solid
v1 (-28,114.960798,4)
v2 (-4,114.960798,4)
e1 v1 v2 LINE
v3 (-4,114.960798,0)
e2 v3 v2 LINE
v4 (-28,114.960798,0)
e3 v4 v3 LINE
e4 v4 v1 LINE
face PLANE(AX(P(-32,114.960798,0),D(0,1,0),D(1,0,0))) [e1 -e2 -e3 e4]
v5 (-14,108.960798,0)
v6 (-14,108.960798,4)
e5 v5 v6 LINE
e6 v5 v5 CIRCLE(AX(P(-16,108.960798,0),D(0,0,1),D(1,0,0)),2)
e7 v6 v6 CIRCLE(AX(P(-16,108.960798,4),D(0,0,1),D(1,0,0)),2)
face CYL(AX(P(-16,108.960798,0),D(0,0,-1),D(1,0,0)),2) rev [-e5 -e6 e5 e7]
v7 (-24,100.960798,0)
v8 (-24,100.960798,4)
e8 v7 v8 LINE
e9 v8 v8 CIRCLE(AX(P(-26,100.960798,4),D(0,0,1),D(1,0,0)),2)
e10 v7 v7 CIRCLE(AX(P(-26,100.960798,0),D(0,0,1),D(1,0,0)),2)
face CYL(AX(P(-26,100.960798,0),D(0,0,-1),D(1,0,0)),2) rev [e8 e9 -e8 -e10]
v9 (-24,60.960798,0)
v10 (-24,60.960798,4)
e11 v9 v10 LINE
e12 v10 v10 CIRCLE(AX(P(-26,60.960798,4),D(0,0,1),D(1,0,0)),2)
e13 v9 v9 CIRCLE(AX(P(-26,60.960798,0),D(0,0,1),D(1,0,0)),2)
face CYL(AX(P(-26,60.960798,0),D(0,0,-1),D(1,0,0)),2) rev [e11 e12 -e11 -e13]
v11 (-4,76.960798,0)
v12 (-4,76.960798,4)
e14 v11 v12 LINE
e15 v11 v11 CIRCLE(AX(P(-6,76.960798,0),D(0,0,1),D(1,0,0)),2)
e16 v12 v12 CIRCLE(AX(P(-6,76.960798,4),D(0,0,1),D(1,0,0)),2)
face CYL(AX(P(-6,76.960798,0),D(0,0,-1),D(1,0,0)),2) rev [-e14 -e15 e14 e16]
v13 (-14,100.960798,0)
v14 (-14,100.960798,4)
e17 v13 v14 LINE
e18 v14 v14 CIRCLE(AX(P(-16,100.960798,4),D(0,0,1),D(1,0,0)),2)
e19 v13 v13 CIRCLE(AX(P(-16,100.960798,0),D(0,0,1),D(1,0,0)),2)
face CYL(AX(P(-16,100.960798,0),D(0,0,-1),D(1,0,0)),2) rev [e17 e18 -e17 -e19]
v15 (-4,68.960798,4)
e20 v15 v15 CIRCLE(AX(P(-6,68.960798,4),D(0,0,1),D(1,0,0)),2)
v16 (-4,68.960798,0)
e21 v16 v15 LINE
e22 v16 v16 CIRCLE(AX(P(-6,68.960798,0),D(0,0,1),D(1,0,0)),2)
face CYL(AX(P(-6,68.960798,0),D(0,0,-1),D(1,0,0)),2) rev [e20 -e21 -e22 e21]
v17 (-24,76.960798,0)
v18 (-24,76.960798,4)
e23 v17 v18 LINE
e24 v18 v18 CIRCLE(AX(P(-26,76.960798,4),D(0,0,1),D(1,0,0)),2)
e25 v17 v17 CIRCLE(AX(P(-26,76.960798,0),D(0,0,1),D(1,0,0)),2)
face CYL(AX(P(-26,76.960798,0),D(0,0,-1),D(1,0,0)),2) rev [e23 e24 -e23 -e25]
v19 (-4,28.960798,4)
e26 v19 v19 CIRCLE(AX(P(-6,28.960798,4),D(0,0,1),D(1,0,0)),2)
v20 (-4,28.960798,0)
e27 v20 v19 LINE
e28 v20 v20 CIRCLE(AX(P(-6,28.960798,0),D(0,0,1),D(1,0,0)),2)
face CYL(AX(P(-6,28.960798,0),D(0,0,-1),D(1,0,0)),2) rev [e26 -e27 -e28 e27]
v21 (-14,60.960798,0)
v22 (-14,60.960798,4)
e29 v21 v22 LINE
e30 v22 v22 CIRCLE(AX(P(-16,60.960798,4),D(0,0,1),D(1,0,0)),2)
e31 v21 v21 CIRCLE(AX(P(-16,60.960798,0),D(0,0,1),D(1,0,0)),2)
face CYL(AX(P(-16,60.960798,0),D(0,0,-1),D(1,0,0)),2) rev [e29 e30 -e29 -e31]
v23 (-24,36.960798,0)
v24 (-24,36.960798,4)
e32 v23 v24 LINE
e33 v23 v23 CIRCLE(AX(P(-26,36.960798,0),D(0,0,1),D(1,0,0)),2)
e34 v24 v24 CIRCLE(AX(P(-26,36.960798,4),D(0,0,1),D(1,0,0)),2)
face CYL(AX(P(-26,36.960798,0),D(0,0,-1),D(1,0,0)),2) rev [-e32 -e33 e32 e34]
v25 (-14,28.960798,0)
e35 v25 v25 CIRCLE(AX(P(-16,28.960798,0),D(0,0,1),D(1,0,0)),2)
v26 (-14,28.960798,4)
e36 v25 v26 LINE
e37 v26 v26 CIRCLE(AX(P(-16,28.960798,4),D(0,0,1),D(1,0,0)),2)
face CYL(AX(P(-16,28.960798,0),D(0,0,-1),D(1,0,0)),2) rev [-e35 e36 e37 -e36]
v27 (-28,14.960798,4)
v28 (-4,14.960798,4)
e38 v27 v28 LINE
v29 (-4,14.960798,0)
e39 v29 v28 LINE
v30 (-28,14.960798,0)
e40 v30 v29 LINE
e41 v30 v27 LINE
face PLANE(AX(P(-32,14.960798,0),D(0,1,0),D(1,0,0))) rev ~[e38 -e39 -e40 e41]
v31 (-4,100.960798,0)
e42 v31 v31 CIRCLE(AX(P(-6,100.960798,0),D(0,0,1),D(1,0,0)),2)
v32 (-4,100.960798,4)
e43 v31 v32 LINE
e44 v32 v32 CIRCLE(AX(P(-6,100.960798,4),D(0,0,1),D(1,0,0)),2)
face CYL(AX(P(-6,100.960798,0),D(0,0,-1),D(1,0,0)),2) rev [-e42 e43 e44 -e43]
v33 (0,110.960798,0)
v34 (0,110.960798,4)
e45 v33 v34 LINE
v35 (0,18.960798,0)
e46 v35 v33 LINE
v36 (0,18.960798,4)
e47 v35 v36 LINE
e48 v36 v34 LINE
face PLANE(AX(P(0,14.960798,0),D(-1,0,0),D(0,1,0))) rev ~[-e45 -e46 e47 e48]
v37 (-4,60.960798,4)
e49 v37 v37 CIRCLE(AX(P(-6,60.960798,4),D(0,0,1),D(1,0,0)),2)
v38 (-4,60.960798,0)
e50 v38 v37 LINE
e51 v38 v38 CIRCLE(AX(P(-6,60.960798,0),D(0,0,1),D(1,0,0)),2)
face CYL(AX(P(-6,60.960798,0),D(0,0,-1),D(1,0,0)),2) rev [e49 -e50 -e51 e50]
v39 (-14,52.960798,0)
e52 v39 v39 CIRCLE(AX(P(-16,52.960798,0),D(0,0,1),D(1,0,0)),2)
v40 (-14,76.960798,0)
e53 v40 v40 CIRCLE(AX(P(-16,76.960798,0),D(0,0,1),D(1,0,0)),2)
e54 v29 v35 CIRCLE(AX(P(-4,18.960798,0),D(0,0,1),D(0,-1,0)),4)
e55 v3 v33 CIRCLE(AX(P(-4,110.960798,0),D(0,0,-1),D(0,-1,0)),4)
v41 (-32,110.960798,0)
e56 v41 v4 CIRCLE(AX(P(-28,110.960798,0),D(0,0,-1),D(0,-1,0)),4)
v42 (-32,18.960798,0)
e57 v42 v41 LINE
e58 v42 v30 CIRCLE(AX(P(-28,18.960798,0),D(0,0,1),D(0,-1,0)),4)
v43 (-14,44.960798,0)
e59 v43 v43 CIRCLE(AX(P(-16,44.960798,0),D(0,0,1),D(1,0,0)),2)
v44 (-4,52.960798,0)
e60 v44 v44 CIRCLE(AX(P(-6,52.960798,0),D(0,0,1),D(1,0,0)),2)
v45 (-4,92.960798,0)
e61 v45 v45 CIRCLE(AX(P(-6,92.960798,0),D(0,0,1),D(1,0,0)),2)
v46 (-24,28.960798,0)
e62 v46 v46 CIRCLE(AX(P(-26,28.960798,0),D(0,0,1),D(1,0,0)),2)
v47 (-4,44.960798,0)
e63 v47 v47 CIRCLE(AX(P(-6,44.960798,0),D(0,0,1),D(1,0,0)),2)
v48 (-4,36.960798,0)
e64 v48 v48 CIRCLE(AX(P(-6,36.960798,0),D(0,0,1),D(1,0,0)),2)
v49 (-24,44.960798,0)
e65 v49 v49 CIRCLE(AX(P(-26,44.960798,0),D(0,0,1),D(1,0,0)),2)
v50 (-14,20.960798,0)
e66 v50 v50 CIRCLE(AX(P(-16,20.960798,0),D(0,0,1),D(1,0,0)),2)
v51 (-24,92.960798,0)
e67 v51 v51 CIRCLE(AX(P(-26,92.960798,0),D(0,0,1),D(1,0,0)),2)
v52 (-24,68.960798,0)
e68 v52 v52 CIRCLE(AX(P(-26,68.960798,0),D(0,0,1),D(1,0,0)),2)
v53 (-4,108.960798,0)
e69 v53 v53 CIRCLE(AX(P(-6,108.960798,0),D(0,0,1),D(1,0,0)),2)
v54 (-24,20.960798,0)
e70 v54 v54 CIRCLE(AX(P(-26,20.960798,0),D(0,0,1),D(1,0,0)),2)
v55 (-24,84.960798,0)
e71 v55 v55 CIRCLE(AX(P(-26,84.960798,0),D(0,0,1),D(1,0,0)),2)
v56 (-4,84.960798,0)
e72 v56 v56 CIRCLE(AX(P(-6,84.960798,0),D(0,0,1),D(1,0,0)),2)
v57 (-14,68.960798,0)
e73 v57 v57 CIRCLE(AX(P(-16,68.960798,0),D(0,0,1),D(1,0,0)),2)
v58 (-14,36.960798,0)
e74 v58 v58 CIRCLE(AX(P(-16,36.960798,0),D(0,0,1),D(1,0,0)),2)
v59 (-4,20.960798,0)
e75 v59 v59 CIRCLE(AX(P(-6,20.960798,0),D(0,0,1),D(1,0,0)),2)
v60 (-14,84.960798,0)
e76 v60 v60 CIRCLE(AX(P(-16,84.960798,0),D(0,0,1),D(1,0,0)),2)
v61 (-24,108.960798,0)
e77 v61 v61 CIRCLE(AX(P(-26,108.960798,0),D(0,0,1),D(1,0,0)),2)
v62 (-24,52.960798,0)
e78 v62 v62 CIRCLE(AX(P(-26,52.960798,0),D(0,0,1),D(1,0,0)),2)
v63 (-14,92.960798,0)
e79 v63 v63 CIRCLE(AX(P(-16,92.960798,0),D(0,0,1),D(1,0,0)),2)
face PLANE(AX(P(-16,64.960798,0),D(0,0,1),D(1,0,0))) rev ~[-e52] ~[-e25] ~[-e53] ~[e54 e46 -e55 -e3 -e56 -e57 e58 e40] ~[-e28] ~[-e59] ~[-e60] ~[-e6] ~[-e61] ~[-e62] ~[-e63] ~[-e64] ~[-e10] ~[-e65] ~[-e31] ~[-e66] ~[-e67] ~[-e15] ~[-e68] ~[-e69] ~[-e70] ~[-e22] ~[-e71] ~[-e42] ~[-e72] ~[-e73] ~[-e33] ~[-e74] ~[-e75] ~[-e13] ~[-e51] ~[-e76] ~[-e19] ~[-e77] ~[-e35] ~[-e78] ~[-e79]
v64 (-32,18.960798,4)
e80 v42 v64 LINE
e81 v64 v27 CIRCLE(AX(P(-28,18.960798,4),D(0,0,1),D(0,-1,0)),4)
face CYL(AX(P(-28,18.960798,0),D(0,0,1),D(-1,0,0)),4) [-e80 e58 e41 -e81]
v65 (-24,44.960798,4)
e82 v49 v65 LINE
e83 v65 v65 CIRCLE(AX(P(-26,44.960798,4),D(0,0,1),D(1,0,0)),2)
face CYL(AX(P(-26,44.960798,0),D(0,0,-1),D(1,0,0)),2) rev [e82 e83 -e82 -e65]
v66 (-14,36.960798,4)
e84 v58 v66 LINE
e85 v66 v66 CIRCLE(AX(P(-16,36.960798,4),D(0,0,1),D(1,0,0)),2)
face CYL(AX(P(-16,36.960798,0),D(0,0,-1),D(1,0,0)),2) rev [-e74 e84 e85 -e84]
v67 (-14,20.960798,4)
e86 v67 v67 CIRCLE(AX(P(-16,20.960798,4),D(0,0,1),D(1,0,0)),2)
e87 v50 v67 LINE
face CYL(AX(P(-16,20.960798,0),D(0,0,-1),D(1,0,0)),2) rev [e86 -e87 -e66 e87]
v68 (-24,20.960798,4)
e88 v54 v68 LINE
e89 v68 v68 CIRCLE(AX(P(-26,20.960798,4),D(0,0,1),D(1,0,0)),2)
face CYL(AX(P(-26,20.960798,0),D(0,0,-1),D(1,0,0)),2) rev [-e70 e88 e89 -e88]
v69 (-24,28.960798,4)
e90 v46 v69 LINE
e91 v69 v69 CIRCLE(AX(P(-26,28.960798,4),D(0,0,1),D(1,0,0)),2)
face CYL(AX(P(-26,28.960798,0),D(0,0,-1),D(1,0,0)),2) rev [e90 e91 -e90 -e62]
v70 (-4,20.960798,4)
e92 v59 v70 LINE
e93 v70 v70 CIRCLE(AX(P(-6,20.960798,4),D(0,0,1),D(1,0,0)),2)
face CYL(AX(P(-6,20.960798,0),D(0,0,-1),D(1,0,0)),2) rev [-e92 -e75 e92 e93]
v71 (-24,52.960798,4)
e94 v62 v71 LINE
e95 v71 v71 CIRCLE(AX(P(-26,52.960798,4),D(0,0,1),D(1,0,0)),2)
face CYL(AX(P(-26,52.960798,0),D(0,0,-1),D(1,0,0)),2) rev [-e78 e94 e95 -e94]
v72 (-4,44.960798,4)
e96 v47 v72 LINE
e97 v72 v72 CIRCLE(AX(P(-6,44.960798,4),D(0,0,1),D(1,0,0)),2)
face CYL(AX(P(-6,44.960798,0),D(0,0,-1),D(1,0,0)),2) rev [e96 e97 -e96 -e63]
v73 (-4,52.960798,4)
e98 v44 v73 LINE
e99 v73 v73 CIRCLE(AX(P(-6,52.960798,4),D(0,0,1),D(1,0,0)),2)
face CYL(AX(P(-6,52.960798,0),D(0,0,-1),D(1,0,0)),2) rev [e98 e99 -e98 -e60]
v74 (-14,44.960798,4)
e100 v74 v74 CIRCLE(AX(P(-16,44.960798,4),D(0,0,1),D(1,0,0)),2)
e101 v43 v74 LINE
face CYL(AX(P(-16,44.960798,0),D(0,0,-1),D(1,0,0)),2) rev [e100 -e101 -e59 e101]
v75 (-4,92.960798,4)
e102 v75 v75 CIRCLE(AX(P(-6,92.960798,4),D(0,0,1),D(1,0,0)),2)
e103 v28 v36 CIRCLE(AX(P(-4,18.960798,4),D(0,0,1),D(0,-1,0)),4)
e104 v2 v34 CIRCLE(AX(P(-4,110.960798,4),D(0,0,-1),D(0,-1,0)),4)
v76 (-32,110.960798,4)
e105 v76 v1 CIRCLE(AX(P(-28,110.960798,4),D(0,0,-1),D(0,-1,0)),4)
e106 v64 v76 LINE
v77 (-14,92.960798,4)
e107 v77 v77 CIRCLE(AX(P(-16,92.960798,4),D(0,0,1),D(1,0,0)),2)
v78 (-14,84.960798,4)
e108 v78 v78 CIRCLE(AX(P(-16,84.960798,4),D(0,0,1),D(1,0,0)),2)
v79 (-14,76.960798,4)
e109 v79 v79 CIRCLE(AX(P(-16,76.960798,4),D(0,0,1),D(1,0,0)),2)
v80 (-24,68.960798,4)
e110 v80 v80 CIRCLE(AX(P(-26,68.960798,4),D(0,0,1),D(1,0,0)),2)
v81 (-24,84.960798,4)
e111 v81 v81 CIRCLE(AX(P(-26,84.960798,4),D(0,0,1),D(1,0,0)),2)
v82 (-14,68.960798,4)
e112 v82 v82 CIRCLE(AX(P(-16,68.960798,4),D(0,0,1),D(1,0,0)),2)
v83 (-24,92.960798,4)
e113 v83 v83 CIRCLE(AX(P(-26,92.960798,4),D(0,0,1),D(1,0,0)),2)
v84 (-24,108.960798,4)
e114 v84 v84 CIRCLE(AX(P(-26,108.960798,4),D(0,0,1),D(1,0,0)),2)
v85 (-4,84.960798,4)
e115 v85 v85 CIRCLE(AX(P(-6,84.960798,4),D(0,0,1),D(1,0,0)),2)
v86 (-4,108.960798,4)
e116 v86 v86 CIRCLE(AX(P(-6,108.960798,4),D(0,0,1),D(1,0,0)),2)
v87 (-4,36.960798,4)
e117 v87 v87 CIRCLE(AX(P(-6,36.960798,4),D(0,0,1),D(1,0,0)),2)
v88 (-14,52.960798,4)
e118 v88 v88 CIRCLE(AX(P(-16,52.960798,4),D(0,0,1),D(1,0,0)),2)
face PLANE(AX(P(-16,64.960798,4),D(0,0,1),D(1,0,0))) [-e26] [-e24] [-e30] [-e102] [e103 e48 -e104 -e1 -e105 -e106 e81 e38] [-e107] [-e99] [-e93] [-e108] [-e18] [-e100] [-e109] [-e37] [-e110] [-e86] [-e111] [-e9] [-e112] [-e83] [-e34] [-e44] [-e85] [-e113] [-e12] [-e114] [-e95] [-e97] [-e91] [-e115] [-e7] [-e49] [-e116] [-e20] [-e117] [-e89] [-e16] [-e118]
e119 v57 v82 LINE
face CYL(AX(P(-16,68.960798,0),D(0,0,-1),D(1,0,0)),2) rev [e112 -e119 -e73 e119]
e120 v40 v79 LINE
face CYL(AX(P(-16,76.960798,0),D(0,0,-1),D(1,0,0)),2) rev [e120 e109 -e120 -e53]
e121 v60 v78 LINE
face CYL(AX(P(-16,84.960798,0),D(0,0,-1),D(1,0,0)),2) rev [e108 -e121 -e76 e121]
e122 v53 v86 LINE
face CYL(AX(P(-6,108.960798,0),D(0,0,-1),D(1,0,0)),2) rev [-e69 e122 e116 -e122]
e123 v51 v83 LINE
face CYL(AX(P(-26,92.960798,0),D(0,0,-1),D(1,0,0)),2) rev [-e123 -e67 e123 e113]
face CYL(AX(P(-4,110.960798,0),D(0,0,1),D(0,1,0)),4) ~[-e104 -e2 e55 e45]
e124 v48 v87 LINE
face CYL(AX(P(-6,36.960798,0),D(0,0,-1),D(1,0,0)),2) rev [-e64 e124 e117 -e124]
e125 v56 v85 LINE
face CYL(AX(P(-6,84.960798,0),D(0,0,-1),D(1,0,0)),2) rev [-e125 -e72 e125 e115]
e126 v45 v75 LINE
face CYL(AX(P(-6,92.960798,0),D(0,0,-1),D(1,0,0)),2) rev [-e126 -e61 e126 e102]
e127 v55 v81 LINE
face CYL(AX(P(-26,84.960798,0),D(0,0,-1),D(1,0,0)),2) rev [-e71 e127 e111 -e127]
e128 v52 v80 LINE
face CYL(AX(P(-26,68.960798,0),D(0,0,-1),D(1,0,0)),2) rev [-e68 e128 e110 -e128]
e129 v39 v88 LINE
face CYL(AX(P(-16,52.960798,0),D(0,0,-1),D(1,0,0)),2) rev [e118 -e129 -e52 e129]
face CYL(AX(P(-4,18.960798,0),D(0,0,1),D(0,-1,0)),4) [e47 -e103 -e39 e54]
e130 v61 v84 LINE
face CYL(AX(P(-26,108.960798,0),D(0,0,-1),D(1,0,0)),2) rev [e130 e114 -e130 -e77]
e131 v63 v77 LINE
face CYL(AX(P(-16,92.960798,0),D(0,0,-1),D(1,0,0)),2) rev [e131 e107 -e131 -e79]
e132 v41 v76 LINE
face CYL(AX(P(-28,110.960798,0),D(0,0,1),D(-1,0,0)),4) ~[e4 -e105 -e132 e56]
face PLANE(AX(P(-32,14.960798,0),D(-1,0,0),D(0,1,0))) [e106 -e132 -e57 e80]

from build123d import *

# Parameters (mm, degrees)
F0_W     = 32
F0_H     = 100
F0_R     = 2
F1_DEPTH = 4
F2_R     = 4


with BuildPart() as f1:
    # F0 (on Top) → F1 (new body)
    with BuildSketch(Plane.XY):
        with Locations((-16, 64.960798)):
            Rectangle(F0_W, F0_H)
        with Locations((-26, 20.960798)):
            Circle(F0_R, mode=Mode.SUBTRACT)
        with Locations((-26, 28.960798)):
            Circle(F0_R, mode=Mode.SUBTRACT)
        with Locations((-26, 36.960798)):
            Circle(F0_R, mode=Mode.SUBTRACT)
        with Locations((-26, 44.960798)):
            Circle(F0_R, mode=Mode.SUBTRACT)
        with Locations((-26, 52.960798)):
            Circle(F0_R, mode=Mode.SUBTRACT)
        with Locations((-26, 60.960798)):
            Circle(F0_R, mode=Mode.SUBTRACT)
        with Locations((-16, 20.960798)):
            Circle(F0_R, mode=Mode.SUBTRACT)
        with Locations((-16, 28.960798)):
            Circle(F0_R, mode=Mode.SUBTRACT)
        with Locations((-16, 36.960798)):
            Circle(F0_R, mode=Mode.SUBTRACT)
        with Locations((-6, 20.960798)):
            Circle(F0_R, mode=Mode.SUBTRACT)
        with Locations((-6, 28.960798)):
            Circle(F0_R, mode=Mode.SUBTRACT)
        with Locations((-6, 36.960798)):
            Circle(F0_R, mode=Mode.SUBTRACT)
        with Locations((-16, 44.960798)):
            Circle(F0_R, mode=Mode.SUBTRACT)
        with Locations((-16, 52.960798)):
            Circle(F0_R, mode=Mode.SUBTRACT)
        with Locations((-16, 60.960798)):
            Circle(F0_R, mode=Mode.SUBTRACT)
        with Locations((-6, 44.960798)):
            Circle(F0_R, mode=Mode.SUBTRACT)
        with Locations((-6, 52.960798)):
            Circle(F0_R, mode=Mode.SUBTRACT)
        with Locations((-6, 60.960798)):
            Circle(F0_R, mode=Mode.SUBTRACT)
        with Locations((-26, 68.960798)):
            Circle(F0_R, mode=Mode.SUBTRACT)
        with Locations((-26, 76.960798)):
            Circle(F0_R, mode=Mode.SUBTRACT)
        with Locations((-26, 84.960798)):
            Circle(F0_R, mode=Mode.SUBTRACT)
        with Locations((-26, 92.960798)):
            Circle(F0_R, mode=Mode.SUBTRACT)
        with Locations((-26, 100.960798)):
            Circle(F0_R, mode=Mode.SUBTRACT)
        with Locations((-26, 108.960798)):
            Circle(F0_R, mode=Mode.SUBTRACT)
        with Locations((-16, 68.960798)):
            Circle(F0_R, mode=Mode.SUBTRACT)
        with Locations((-16, 76.960798)):
            Circle(F0_R, mode=Mode.SUBTRACT)
        with Locations((-16, 84.960798)):
            Circle(F0_R, mode=Mode.SUBTRACT)
        with Locations((-6, 68.960798)):
            Circle(F0_R, mode=Mode.SUBTRACT)
        with Locations((-6, 76.960798)):
            Circle(F0_R, mode=Mode.SUBTRACT)
        with Locations((-6, 84.960798)):
            Circle(F0_R, mode=Mode.SUBTRACT)
        with Locations((-16, 92.960798)):
            Circle(F0_R, mode=Mode.SUBTRACT)
        with Locations((-16, 100.960798)):
            Circle(F0_R, mode=Mode.SUBTRACT)
        with Locations((-16, 108.960798)):
            Circle(F0_R, mode=Mode.SUBTRACT)
        with Locations((-6, 92.960798)):
            Circle(F0_R, mode=Mode.SUBTRACT)
        with Locations((-6, 100.960798)):
            Circle(F0_R, mode=Mode.SUBTRACT)
        with Locations((-6, 108.960798)):
            Circle(F0_R, mode=Mode.SUBTRACT)
    extrude(amount=F1_DEPTH)

    # F2
    f2_edges = [f1.edges().sort_by_distance(p)[0] for p in [
        (-32, 14.960798, 2),
        (0, 14.960798, 2),
        (0, 114.960798, 2),
        (-32, 114.960798, 2),
    ]]
    fillet(f2_edges, radius=F2_R)


solid = f1.part
